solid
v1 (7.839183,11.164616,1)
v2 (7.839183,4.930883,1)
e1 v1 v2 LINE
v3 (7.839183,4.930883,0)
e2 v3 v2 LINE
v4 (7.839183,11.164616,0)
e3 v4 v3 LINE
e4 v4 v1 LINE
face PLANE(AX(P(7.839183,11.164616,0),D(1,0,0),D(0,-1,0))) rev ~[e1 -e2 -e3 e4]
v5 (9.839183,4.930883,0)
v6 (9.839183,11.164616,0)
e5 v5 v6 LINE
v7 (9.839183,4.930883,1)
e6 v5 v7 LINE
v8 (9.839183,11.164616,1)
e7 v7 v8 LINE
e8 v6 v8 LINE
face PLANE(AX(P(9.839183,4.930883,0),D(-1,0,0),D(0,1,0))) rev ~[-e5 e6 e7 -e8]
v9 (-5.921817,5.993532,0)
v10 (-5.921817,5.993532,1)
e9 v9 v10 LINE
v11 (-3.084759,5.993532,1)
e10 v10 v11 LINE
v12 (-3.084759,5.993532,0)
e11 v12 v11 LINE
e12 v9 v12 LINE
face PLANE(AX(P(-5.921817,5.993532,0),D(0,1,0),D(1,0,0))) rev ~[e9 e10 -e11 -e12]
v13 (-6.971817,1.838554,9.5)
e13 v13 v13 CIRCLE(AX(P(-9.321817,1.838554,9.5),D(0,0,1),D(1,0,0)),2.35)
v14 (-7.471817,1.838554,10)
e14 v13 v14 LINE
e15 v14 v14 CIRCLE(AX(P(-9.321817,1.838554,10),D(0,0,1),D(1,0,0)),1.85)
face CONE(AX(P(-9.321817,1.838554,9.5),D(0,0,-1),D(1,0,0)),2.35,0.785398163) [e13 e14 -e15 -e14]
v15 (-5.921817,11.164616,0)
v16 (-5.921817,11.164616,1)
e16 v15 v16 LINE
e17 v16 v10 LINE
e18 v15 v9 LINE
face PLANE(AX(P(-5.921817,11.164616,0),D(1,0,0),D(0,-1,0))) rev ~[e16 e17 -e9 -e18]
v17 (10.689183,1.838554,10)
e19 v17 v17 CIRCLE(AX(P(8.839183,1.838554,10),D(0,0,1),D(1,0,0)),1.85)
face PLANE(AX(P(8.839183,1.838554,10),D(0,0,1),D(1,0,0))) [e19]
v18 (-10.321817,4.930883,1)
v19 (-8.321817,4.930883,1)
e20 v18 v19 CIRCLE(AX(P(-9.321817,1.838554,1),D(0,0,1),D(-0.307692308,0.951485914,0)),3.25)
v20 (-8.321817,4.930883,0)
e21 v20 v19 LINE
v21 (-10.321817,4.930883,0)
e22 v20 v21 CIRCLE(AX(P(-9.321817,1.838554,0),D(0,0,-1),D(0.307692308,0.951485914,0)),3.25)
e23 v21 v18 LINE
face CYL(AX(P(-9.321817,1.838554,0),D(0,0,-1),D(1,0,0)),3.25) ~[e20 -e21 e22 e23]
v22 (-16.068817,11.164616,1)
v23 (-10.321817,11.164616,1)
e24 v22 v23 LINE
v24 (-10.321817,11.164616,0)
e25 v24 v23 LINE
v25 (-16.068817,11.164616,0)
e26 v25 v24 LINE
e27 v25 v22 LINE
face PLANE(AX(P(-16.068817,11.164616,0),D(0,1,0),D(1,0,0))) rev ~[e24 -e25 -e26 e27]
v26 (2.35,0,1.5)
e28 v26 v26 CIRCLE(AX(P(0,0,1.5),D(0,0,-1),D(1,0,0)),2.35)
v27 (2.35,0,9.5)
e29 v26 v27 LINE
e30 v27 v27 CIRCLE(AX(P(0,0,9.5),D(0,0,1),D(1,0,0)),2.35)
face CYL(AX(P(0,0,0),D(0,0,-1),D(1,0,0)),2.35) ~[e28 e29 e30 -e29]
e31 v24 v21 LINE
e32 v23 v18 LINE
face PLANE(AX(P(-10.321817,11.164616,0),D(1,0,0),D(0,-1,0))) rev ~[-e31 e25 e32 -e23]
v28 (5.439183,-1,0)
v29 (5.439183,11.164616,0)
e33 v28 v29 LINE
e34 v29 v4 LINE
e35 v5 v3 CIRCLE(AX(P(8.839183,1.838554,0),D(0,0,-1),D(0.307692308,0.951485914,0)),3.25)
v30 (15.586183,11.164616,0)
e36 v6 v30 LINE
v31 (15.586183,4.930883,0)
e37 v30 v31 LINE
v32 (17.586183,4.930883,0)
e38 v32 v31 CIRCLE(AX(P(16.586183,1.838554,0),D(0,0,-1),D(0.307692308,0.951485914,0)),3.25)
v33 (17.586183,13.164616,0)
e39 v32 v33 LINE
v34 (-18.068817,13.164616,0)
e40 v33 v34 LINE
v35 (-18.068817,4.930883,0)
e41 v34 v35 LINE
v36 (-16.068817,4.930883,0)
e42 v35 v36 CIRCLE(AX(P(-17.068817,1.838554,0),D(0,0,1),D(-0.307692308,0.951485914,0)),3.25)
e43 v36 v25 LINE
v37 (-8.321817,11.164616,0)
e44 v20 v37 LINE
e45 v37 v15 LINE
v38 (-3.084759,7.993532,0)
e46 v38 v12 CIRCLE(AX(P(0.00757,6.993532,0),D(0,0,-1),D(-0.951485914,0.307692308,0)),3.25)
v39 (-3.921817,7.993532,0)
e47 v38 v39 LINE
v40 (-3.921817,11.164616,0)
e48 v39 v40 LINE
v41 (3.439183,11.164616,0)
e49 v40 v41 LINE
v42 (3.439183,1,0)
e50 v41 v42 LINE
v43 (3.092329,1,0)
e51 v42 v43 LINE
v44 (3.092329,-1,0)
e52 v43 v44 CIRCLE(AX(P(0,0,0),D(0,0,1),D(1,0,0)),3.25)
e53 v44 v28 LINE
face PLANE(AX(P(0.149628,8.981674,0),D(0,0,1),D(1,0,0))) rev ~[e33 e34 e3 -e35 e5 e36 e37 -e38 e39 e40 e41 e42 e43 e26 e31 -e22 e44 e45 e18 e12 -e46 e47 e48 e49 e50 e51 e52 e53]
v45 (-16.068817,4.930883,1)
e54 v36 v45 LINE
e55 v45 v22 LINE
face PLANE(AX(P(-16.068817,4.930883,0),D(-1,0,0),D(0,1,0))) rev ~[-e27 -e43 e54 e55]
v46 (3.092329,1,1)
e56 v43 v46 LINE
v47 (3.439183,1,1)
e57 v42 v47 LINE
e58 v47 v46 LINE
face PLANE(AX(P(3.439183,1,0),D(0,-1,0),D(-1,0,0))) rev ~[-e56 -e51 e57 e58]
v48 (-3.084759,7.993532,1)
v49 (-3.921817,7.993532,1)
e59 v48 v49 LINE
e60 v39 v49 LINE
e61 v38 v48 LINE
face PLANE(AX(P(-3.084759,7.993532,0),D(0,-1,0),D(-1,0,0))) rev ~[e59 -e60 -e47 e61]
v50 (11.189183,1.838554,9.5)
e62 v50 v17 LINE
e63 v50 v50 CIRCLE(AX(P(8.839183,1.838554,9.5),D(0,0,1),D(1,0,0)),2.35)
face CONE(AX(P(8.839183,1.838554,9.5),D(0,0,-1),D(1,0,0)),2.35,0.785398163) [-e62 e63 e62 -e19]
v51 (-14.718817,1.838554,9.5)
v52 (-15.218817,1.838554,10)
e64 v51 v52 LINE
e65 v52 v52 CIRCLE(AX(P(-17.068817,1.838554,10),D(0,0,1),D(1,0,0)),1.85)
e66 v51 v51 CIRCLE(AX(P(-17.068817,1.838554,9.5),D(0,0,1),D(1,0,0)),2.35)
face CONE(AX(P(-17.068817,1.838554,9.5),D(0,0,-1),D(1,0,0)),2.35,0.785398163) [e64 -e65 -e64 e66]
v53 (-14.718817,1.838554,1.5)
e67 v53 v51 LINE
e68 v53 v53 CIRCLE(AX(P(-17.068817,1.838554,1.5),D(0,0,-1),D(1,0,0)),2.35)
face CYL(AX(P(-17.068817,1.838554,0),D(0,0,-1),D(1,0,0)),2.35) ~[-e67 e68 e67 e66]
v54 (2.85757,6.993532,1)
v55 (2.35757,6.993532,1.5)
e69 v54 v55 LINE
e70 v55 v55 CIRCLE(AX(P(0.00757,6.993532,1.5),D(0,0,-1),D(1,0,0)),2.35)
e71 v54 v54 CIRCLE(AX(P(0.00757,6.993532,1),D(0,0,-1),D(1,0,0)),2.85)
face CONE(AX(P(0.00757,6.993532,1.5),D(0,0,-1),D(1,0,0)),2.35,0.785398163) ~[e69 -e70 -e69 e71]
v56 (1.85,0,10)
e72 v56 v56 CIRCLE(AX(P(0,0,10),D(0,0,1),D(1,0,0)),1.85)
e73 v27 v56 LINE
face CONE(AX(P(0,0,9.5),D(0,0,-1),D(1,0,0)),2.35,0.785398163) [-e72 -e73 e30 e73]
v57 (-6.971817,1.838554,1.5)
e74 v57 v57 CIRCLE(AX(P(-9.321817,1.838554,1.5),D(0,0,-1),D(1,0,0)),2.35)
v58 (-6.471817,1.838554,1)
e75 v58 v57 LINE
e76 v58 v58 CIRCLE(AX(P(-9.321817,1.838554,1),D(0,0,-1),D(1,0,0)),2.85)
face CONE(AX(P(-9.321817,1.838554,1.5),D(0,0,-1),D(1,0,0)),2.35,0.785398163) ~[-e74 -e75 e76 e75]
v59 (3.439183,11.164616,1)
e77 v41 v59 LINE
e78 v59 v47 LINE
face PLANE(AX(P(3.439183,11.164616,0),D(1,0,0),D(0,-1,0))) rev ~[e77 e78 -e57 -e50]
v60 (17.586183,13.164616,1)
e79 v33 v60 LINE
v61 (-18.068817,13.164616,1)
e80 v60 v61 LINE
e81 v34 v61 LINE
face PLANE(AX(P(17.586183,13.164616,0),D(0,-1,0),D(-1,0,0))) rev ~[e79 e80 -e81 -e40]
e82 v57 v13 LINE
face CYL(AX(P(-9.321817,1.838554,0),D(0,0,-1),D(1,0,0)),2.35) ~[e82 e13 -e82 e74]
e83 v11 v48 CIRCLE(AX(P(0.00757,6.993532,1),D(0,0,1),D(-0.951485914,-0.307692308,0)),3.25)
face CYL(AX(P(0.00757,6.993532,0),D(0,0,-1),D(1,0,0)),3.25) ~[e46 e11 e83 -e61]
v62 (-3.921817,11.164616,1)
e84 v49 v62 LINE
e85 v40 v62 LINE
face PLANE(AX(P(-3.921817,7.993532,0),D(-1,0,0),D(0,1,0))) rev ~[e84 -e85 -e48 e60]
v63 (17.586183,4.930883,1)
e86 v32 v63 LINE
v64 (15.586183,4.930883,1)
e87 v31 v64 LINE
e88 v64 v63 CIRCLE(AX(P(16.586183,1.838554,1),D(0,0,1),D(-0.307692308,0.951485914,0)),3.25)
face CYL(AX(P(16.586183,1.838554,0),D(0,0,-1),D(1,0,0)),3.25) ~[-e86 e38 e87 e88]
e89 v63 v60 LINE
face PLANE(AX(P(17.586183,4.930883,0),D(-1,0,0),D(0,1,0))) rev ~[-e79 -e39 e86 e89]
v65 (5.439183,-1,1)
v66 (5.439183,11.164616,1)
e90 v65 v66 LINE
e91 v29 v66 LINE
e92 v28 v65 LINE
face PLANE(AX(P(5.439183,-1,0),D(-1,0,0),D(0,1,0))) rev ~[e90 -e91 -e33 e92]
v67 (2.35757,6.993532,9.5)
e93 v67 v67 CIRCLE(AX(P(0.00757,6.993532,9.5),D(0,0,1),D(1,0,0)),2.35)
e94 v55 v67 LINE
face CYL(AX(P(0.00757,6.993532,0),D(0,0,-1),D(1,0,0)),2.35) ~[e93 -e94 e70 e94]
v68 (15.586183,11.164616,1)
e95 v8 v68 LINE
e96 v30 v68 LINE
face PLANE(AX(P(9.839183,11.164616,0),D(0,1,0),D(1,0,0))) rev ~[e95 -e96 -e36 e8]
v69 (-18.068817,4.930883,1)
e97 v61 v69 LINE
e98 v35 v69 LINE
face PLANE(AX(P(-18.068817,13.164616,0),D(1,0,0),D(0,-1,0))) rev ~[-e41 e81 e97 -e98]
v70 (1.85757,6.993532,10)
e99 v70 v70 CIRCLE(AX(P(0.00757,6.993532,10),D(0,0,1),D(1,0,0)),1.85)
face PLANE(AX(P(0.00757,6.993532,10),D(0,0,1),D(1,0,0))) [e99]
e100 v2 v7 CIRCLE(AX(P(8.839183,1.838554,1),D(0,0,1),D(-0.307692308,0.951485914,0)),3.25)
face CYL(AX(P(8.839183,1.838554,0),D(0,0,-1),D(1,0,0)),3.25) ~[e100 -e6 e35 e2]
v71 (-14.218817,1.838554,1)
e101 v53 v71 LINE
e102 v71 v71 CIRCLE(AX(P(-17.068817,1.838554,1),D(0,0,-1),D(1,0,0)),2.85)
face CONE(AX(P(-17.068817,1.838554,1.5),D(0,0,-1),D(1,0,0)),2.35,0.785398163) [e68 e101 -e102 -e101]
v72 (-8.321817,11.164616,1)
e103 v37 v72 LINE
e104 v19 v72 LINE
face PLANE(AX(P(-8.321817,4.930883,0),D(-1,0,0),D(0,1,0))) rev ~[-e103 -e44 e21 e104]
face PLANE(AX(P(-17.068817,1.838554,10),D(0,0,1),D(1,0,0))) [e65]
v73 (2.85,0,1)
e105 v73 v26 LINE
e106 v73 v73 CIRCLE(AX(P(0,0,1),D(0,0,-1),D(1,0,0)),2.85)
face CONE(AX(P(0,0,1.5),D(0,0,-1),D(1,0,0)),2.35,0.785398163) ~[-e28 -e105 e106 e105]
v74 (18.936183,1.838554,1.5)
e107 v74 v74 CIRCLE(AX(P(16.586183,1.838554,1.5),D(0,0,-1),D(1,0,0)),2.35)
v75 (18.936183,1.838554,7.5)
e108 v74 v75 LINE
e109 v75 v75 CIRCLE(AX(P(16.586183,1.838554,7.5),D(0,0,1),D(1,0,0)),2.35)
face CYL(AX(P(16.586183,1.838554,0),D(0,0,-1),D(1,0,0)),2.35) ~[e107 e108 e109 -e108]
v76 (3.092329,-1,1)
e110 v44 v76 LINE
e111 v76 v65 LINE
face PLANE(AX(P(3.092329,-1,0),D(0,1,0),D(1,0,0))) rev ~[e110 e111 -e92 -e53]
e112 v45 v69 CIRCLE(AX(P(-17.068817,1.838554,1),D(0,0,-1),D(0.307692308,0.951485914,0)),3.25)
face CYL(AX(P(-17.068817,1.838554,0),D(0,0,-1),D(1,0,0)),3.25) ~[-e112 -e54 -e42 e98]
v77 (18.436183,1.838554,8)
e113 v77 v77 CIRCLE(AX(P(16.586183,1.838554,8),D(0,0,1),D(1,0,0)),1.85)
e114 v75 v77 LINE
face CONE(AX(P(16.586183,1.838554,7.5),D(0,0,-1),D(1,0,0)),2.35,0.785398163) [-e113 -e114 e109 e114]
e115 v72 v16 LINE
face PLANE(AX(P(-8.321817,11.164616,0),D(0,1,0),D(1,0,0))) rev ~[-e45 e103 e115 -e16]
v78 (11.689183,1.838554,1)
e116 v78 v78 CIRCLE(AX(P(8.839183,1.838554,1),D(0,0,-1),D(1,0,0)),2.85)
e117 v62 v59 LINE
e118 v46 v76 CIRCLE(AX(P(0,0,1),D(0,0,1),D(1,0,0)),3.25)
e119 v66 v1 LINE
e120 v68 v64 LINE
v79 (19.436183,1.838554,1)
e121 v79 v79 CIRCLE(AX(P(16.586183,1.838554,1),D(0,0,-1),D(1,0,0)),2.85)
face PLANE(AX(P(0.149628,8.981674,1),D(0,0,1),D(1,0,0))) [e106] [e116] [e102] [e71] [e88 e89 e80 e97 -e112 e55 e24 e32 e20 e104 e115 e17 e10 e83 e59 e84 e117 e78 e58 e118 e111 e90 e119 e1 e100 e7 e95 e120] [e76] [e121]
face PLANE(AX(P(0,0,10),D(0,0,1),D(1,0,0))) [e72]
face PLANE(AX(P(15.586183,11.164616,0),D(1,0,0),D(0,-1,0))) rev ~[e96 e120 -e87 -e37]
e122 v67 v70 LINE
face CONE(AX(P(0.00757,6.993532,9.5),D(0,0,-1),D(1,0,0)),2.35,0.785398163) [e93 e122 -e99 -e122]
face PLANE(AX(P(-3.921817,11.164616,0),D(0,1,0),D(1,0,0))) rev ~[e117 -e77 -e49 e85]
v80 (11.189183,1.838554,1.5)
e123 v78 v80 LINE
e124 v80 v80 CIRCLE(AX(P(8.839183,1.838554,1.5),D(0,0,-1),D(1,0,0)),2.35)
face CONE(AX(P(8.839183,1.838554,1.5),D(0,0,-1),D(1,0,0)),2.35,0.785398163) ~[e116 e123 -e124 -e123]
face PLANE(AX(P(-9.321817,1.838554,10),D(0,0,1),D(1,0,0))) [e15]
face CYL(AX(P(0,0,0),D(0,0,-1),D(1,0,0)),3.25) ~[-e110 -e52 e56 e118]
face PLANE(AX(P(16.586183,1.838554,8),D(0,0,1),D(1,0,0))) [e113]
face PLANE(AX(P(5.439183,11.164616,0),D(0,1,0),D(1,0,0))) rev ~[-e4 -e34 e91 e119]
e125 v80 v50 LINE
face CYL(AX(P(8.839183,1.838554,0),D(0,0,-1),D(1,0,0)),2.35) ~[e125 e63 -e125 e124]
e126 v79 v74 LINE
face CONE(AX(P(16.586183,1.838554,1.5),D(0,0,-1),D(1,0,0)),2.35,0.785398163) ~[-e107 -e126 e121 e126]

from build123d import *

# Parameters (mm, degrees)
SKIZZE1_R                         = 2.35
AUFSATZ_LINEAR_AUSTRAGEN1_DEPTH   = 10
AUFSATZ_LINEAR_AUSTRAGEN1_2_DEPTH = 10
AUFSATZ_LINEAR_AUSTRAGEN1_3_DEPTH = 10
AUFSATZ_LINEAR_AUSTRAGEN1_4_DEPTH = 10
AUFSATZ_LINEAR_AUSTRAGEN1_5_DEPTH = 10
SKIZZE1_3_R                       = 2.35
AUFSATZ_LINEAR_AUSTRAGEN4_DEPTH   = 8
SKIZZE2_R                         = 3.25
AUFSATZ_LINEAR_AUSTRAGEN2_DEPTH   = 1
AUFSATZ_LINEAR_AUSTRAGEN3_DEPTH   = 1
FASE1_SIZE                        = 0.5
FASE2_SIZE                        = 0.5
FASE3_SIZE                        = 0.5


with BuildPart() as part:
    # Skizze1 → Aufsatz-Linear austragen1 (new body)
    with BuildSketch(Plane.XY):
        with Locations((-17.068817434, 1.838554139)):
            Circle(SKIZZE1_R)
    extrude(amount=AUFSATZ_LINEAR_AUSTRAGEN1_DEPTH)



with BuildPart() as body_2:
    # Skizze1 → Aufsatz-Linear austragen1 2 (new body)
    with BuildSketch(Plane.XY):
        with Locations((-9.321817434, 1.838554139)):
            Circle(SKIZZE1_R)
    extrude(amount=AUFSATZ_LINEAR_AUSTRAGEN1_2_DEPTH)


with BuildPart() as body_3:
    # Skizze1 → Aufsatz-Linear austragen1 3 (new body)
    with BuildSketch(Plane.XY):
        Circle(SKIZZE1_R)
    extrude(amount=AUFSATZ_LINEAR_AUSTRAGEN1_3_DEPTH)


with BuildPart() as body_4:
    # Skizze1 → Aufsatz-Linear austragen1 4 (new body)
    with BuildSketch(Plane.XY):
        with Locations((0.007570249, 6.993531953)):
            Circle(SKIZZE1_R)
    extrude(amount=AUFSATZ_LINEAR_AUSTRAGEN1_4_DEPTH)


with BuildPart() as body_5:
    # Skizze1 → Aufsatz-Linear austragen1 5 (new body)
    with BuildSketch(Plane.XY):
        with Locations((8.839182566, 1.838554139)):
            Circle(SKIZZE1_R)
    extrude(amount=AUFSATZ_LINEAR_AUSTRAGEN1_5_DEPTH)


with BuildPart() as body_6:
    # Skizze1<3> → Aufsatz-Linear austragen4 (new body)
    with BuildSketch(Plane.XY):
        with Locations((16.586182566, 1.838554139)):
            Circle(SKIZZE1_3_R)
    extrude(amount=AUFSATZ_LINEAR_AUSTRAGEN4_DEPTH)


with BuildPart() as part_1:
    add(part.part)

    add(body_2.part)  # Aufsatz-Linear austragen2 merges body 2

    add(body_3.part)  # Aufsatz-Linear austragen2 merges body 3

    add(body_4.part)  # Aufsatz-Linear austragen2 merges body 4

    add(body_5.part)  # Aufsatz-Linear austragen2 merges body 5

    add(body_6.part)  # Aufsatz-Linear austragen2 merges body 6
    # Skizze2 → Aufsatz-Linear austragen2 (add)
    with BuildSketch(Plane.XY):
        with Locations((-17.068817434, 1.838554139)):
            Circle(SKIZZE2_R)
        with Locations((-9.321817434, 1.838554139)):
            Circle(SKIZZE2_R)
        Circle(SKIZZE2_R)
        with Locations((0.007570249, 6.993531953)):
            Circle(SKIZZE2_R)
        with Locations((8.839182566, 1.838554139)):
            Circle(SKIZZE2_R)
        with Locations((16.586182566, 1.838554139)):
            Circle(SKIZZE2_R)
    extrude(amount=AUFSATZ_LINEAR_AUSTRAGEN2_DEPTH)

    # Skizze3 → Aufsatz-Linear austragen3 (add)
    with BuildSketch(Plane.XY):
        Polygon((-18.068817434, 13.164615586), (-18.068817434, 4.930883358), (-16.068817434, 4.930883358), (-16.068817434, 11.164615586), (-10.321817434, 11.164615586), (-10.321817434, 4.930883358), (-8.321817434, 4.930883358), (-8.321817434, 11.164615586), (-5.921817434, 11.164615586), (-5.921817434, 5.993531953), (-3.08475897, 5.993531953), (-3.08475897, 7.993531953), (-3.921817434, 7.993531953), (-3.921817434, 11.164615586), (3.439182566, 11.164615586), (3.439182566, 1), (3.092329219, 1), (3.092329219, -1), (3.439182566, -1), (5.439182566, -1), (5.439182566, 1), (5.439182566, 11.164615586), (7.839182566, 11.164615586), (7.839182566, 4.930883358), (9.839182566, 4.930883358), (9.839182566, 11.164615586), (15.586182566, 11.164615586), (15.586182566, 4.930883358), (17.586182566, 4.930883358), (17.586182566, 13.164615586), align=None)
    extrude(amount=AUFSATZ_LINEAR_AUSTRAGEN3_DEPTH)

    # Fase1
    fase1_edges = [part_1.edges().sort_by_distance(p)[0] for p in [
        (-19.418817434, 1.838554139, 10),
        (-2.35, 0, 10),
        (-2.342429751, 6.993531953, 10),
        (6.489182566, 1.838554139, 10),
        (-11.671817434, 1.838554139, 10),
    ]]
    chamfer(fase1_edges, length=FASE1_SIZE)

    # Fase2
    fase2_edges = [part_1.edges().sort_by_distance(p)[0] for p in [
        (-19.418817434, 1.838554139, 1),
        (-2.35, 0, 1),
        (-2.342429751, 6.993531953, 1),
        (6.489182566, 1.838554139, 1),
        (14.236182566, 1.838554139, 1),
        (-11.671817434, 1.838554139, 1),
    ]]
    chamfer(fase2_edges, length=FASE2_SIZE)

    # Fase3
    fase3_edges = [part_1.edges().sort_by_distance(p)[0] for p in [
        (14.236182566, 1.838554139, 8),
    ]]
    chamfer(fase3_edges, length=FASE3_SIZE)


solid = part_1.part
